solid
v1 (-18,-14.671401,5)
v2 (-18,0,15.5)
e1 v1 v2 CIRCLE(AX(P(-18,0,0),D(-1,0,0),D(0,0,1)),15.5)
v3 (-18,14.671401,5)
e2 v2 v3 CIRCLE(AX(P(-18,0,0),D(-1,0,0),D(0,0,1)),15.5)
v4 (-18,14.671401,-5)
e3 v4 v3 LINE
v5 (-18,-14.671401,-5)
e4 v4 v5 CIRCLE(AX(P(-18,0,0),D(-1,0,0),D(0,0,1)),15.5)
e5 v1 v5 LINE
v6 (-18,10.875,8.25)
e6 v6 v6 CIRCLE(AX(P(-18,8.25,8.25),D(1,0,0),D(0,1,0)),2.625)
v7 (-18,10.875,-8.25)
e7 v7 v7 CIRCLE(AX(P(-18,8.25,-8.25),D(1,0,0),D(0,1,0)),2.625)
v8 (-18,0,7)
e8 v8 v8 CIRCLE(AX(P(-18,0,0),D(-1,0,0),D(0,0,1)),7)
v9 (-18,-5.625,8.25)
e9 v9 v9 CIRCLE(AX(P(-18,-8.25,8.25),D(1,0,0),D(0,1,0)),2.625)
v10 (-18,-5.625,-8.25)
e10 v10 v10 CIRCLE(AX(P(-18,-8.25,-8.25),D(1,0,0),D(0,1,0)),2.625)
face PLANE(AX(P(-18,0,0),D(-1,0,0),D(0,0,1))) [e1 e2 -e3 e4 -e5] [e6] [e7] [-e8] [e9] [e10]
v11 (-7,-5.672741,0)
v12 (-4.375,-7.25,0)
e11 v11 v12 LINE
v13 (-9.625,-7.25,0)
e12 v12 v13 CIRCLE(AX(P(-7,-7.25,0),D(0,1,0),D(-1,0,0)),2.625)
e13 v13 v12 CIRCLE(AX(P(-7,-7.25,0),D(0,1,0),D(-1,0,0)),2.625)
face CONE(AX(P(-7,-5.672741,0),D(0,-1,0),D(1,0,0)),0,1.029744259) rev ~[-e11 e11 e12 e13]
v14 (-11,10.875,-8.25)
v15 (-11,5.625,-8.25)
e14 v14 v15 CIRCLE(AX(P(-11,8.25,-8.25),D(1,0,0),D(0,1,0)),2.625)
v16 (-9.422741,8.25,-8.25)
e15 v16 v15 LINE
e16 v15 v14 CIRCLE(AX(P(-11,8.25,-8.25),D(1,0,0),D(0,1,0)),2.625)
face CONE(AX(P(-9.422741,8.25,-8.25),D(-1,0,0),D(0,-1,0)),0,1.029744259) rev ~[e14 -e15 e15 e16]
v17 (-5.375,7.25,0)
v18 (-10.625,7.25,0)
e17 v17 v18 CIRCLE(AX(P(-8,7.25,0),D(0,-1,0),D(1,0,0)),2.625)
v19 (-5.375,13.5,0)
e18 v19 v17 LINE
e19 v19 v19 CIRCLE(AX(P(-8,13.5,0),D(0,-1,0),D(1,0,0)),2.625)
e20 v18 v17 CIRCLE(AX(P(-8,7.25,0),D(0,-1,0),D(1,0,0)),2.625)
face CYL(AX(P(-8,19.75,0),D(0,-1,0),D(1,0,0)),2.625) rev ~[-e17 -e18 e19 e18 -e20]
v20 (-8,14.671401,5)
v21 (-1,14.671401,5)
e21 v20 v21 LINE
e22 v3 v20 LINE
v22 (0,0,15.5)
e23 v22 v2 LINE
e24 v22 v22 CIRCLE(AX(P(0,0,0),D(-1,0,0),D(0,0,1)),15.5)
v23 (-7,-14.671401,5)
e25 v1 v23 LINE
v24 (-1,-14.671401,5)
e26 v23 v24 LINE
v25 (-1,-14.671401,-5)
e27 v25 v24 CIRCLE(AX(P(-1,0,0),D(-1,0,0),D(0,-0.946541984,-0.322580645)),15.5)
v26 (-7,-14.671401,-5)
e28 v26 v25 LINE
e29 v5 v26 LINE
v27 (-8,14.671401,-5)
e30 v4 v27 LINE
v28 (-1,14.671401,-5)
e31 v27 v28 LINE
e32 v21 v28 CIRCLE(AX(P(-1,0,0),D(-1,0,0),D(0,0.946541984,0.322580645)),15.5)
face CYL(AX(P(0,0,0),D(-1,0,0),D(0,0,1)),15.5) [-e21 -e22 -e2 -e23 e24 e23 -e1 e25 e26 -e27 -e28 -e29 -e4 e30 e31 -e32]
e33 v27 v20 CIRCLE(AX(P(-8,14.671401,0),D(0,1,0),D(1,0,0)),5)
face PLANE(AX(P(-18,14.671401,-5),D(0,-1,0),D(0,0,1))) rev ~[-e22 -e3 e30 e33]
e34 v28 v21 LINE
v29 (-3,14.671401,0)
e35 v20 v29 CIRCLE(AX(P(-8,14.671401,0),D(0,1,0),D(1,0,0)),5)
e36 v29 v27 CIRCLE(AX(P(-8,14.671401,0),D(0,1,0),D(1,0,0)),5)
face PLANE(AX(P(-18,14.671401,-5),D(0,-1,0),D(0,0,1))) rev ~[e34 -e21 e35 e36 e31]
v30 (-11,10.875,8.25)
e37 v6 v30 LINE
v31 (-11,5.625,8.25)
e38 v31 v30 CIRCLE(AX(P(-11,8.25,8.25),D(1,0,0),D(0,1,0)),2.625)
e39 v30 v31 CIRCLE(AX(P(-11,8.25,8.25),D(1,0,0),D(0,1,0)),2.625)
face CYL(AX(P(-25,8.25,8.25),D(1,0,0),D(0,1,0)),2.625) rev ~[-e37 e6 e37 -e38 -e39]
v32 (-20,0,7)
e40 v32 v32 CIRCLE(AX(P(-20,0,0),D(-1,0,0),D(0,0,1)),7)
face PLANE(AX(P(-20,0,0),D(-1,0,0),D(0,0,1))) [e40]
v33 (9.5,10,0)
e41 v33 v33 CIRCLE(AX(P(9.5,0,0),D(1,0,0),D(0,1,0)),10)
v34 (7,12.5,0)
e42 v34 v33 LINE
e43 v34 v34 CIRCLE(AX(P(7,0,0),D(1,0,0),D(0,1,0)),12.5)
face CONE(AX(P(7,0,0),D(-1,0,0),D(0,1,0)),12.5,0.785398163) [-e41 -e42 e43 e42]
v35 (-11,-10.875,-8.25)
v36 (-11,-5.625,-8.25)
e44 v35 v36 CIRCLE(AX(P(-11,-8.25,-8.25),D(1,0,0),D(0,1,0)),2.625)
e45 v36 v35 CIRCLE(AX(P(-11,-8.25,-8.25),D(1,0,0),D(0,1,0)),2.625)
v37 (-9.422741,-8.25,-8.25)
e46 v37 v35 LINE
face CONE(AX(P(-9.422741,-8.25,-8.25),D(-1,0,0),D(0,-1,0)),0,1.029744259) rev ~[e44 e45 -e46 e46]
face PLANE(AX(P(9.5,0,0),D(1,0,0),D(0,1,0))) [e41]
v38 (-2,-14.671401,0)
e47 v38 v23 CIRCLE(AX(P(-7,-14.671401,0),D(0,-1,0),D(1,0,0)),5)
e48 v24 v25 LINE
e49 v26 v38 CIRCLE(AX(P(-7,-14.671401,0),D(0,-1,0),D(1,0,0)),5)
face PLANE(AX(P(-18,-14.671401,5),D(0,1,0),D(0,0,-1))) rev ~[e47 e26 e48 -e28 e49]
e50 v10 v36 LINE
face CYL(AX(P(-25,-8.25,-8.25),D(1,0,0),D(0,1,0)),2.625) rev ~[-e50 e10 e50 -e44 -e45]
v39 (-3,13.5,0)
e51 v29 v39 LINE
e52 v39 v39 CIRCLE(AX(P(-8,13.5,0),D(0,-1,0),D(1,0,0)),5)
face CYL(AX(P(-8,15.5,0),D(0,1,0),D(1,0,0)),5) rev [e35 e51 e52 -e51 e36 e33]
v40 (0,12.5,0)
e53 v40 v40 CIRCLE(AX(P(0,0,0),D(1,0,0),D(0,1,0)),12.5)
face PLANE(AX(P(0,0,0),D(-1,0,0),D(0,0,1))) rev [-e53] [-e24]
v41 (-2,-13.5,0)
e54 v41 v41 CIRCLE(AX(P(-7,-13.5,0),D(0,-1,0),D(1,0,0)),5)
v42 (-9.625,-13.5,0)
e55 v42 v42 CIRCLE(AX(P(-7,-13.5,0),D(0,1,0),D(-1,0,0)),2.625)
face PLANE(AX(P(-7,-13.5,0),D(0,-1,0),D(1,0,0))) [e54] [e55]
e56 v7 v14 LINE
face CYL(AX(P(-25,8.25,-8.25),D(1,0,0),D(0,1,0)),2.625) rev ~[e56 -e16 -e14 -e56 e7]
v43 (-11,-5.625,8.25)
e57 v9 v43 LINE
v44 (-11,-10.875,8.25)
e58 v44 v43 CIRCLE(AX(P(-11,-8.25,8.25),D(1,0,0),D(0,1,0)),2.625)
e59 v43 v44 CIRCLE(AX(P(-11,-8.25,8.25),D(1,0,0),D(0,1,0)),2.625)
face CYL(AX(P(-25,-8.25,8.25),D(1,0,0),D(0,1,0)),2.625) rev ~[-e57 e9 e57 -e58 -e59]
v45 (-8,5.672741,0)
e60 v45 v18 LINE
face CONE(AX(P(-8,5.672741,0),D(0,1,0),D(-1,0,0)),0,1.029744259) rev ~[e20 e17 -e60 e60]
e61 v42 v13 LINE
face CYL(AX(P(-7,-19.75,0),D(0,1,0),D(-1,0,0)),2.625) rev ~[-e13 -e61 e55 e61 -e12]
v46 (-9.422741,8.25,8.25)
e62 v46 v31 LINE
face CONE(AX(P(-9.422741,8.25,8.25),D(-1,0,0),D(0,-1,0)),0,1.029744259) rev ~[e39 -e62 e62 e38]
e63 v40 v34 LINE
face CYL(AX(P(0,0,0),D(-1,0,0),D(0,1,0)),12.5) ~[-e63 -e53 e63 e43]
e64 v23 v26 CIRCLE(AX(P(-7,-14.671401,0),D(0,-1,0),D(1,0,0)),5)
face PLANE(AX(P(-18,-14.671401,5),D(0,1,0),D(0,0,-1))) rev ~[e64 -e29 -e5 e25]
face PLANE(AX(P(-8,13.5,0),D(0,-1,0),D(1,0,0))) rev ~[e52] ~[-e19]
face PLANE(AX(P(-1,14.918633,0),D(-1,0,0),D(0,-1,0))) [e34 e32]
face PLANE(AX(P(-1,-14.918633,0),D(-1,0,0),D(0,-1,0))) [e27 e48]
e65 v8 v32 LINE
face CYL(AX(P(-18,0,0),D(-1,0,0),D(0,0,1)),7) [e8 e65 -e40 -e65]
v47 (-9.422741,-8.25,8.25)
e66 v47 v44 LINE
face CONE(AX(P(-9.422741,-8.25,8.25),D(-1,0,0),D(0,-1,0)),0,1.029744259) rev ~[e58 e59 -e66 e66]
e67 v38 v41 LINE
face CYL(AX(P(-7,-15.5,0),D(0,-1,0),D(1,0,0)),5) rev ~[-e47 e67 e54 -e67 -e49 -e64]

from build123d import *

# Parameters (mm, degrees)
F2_R      = 1.5
F3_DEPTH  = 5
F5_D      = 5.25
F5_DEPTH  = 7
F5_TIP    = 1.5772591249
F7_R      = 5
F8_DEPTH  = 2
F10_D     = 5.25
F10_DEPTH = 6.25
F10_TIP   = 1.5772591249
F12_R     = 5
F13_DEPTH = 2
F15_D     = 5.25
F15_DEPTH = 6.25
F15_TIP   = 1.5772591249
F16_R     = 12.5
F17_DEPTH = 9.5
F18_SIZE  = 2.5
F20_DEPTH = 17


with BuildPart() as f1:
    # F0 (on Front) → F1 (revolve)
    with BuildSketch(Plane.XZ):
        Polygon((0, 0), (0, 5), (0, 15.5), (-18, 15.5), (-18, 7), (-20, 7), (-20, 5), (-20, 0), align=None)
    revolve(axis=Axis((-5.3004380733, 0, 0), (-1, 0, 0)))

    # F2 (on face) → F3 (cut)
    with BuildSketch(Plane(origin=(-18, 0, 0), x_dir=(0, -1, 0), z_dir=(-1, 0, 0))):
        with Locations((8.25, 8.25)):
            Circle(F2_R)
        with Locations((-8.25, 8.25)):
            Circle(F2_R)
        with Locations((-8.25, -8.25)):
            Circle(F2_R)
        with Locations((8.25, -8.25)):
            Circle(F2_R)
    extrude(amount=-F3_DEPTH, mode=Mode.SUBTRACT)

    # F5
    with Locations(Plane(origin=(-18, 0, 0), x_dir=(0, -1, 0), z_dir=(-1, 0, 0))):
        with Locations((-8.25, 8.25), (8.25, 8.25), (-8.25, -8.25), (8.25, -8.25)):
            Hole(F5_D / 2, depth=F5_DEPTH)
            with Locations((0, 0, -(F5_DEPTH + F5_TIP / 2))):  # 118° drill point
                Cone(0, F5_D / 2, F5_TIP, mode=Mode.SUBTRACT)

    # F7 (on offset) → F8 (cut)
    with BuildSketch(Plane.XZ.offset(15.5)):
        with Locations((-7, 0)):
            Circle(F7_R)
    extrude(amount=-F8_DEPTH, mode=Mode.SUBTRACT)

    # F10
    with Locations(Plane.XZ.offset(13.5)):
        with Locations((-7, 0)):
            Hole(F10_D / 2, depth=F10_DEPTH)
            with Locations((0, 0, -(F10_DEPTH + F10_TIP / 2))):  # 118° drill point
                Cone(0, F10_D / 2, F10_TIP, mode=Mode.SUBTRACT)

    # F12 (on offset) → F13 (cut)
    with BuildSketch(Plane.XZ.offset(-15.5)):
        with Locations((-8, 0)):
            Circle(F12_R)
    extrude(amount=F13_DEPTH, mode=Mode.SUBTRACT)

    # F15
    with Locations(Plane(origin=(0, 13.5, 0), x_dir=(-1, 0, 0), z_dir=(0, 1, 0))):
        with Locations((8, 0)):
            Hole(F15_D / 2, depth=F15_DEPTH)
            with Locations((0, 0, -(F15_DEPTH + F15_TIP / 2))):  # 118° drill point
                Cone(0, F15_D / 2, F15_TIP, mode=Mode.SUBTRACT)

    # F16 (on face) → F17 (join)
    with BuildSketch(Plane.YZ):
        Circle(F16_R)
    extrude(amount=F17_DEPTH)

    # F18
    f18_edges = [f1.edges().sort_by_distance(p)[0] for p in [
        (9.5, -12.5, 0),
    ]]
    chamfer(f18_edges, length=F18_SIZE)

    # F19 (on face) → F20 (cut)
    with BuildSketch(Plane(origin=(-18, 0, 0), x_dir=(0, -1, 0), z_dir=(-1, 0, 0))):
        with BuildLine():
            Line((-14.6714007511, -5), (-14.6714007511, 5))
            ThreePointArc((-14.6714007511, 5), (-15.5, 0), (-14.6714007511, -5))
        make_face()
        with BuildLine():
            ThreePointArc((14.6714007511, -5), (15.5, 0), (14.6714007511, 5))
            Line((14.6714007511, 5), (14.6714007511, -5))
        make_face()
    extrude(amount=-F20_DEPTH, mode=Mode.SUBTRACT)


solid = f1.part
